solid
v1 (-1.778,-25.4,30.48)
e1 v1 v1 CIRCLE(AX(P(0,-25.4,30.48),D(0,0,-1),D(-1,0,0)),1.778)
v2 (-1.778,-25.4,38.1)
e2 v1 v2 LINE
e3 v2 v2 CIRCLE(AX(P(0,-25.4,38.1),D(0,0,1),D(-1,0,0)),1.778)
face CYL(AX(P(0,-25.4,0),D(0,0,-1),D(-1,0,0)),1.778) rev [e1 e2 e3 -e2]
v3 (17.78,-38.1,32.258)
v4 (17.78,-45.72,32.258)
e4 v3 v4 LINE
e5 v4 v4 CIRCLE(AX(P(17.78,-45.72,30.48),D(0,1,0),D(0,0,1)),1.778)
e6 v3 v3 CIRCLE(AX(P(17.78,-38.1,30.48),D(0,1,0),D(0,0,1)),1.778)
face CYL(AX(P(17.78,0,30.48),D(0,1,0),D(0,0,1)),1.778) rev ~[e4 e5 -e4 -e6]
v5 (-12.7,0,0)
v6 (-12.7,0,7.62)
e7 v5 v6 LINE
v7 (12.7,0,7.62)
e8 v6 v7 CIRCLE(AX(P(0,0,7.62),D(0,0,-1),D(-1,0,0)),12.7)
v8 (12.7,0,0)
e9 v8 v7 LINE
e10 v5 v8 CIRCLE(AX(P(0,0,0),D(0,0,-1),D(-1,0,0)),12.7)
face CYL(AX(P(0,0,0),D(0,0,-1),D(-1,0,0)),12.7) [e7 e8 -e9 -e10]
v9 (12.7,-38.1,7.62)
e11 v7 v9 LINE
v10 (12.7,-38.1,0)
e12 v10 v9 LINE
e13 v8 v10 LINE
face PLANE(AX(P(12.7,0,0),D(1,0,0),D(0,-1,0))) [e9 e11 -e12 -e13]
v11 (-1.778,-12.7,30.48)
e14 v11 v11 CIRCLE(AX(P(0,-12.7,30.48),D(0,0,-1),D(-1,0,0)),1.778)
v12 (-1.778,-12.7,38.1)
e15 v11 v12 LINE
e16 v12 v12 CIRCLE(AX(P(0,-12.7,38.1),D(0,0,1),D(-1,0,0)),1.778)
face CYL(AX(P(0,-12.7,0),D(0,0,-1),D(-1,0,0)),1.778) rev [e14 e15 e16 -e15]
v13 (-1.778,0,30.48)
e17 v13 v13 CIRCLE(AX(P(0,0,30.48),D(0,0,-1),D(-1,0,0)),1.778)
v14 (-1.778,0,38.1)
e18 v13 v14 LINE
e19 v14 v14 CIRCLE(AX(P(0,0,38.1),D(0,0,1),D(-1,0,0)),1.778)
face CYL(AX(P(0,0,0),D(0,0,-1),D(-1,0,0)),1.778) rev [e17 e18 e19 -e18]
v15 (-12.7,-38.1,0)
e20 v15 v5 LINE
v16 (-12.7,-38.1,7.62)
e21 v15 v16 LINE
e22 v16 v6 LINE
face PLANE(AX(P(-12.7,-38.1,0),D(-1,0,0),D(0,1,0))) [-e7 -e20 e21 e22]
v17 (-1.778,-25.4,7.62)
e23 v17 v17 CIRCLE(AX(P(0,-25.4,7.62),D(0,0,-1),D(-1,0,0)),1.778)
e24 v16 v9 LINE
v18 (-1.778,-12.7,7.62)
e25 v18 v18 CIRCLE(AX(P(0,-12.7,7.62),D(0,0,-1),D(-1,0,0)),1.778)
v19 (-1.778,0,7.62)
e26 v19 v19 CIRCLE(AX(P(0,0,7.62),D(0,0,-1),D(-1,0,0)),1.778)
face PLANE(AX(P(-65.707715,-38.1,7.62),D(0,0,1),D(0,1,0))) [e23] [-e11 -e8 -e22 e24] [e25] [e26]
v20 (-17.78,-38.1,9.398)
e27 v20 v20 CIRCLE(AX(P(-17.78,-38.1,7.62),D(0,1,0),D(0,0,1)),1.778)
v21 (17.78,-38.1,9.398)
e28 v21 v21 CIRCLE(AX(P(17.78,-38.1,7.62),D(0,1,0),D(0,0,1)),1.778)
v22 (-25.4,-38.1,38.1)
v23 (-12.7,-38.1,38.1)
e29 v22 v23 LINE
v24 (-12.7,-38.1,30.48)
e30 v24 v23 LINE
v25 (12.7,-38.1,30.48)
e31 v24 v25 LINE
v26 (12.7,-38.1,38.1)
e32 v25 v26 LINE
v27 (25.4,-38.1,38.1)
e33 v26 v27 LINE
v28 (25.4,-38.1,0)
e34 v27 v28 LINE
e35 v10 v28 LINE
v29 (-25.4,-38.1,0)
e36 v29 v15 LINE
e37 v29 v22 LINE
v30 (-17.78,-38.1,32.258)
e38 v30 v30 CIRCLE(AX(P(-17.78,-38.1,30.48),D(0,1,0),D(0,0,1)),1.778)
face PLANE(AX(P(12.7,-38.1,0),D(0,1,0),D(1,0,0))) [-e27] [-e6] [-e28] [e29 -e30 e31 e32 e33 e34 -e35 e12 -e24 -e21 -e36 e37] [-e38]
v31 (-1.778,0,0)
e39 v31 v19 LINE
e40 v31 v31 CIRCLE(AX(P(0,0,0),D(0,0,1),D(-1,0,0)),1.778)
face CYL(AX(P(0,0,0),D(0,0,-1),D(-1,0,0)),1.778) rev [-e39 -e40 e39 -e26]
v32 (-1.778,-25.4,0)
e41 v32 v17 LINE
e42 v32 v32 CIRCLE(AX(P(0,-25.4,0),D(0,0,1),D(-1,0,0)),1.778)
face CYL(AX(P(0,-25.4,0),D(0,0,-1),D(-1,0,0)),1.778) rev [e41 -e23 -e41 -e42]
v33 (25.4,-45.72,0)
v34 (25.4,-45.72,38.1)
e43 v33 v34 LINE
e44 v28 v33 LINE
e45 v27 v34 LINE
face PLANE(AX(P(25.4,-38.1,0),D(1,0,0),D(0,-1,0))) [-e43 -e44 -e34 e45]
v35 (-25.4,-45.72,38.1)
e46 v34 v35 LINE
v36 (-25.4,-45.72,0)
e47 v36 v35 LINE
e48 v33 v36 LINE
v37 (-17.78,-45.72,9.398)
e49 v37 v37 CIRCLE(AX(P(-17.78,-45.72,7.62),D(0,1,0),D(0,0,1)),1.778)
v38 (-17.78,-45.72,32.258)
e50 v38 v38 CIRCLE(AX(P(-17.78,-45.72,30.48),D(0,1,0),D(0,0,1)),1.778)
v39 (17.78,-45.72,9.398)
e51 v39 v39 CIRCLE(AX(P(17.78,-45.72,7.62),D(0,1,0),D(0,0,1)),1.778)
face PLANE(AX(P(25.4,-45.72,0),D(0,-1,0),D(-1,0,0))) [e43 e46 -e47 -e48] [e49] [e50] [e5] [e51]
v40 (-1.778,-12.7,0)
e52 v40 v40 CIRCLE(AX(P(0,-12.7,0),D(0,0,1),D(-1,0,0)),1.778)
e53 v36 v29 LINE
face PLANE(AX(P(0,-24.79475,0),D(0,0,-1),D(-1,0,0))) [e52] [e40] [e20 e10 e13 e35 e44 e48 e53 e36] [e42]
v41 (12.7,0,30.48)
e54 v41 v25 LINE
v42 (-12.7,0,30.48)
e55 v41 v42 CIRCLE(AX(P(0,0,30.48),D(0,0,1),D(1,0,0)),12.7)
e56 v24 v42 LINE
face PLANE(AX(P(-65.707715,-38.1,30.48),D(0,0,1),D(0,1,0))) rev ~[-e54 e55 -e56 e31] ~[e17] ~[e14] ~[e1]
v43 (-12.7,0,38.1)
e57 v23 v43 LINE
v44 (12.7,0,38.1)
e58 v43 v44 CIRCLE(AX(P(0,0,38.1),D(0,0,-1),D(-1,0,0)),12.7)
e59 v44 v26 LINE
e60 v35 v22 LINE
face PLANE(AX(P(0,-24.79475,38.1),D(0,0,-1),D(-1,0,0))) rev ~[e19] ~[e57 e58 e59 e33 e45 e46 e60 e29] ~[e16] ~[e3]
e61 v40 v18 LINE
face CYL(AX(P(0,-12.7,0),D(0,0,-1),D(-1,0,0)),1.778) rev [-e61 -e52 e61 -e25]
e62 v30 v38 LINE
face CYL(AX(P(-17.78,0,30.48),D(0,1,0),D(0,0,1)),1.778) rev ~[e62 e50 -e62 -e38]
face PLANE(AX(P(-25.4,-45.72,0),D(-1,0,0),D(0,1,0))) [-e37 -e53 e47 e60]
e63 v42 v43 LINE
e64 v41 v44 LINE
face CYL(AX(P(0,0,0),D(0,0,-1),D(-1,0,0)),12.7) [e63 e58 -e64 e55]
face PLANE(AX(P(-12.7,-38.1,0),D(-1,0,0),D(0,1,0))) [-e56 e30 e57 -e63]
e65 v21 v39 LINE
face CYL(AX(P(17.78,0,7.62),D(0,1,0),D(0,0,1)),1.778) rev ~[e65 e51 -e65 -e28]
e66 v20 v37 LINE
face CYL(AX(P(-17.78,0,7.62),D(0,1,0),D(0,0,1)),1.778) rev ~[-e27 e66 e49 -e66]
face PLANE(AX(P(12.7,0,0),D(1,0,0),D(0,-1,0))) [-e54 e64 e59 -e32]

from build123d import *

# Parameters (mm, degrees)
SKETCH3_R               = 1.778
BOSS_EXTRUDE2_DEPTH     = 38.1
CUT_EXTRUDE3_DEPTH      = 65.707715151
CUT_EXTRUDE3_DEPTH_BACK = 65.707715151
SKETCH11_W              = 22.86
SKETCH11_H              = 50.8
SKETCH8_R               = 1.778
CUT_EXTRUDE4_DEPTH      = 65.707715151


with BuildPart() as part:
    # Sketch3 → Boss-Extrude2 (new body)
    with BuildSketch(Plane.XY):
        with BuildLine():
            Line((12.7, -38.1), (25.4, -38.1))
            Line((25.4, -38.1), (25.4, -45.72))
            Line((25.4, -45.72), (-25.4, -45.72))
            Line((-25.4, -45.72), (-25.4, -38.1))
            Line((-25.4, -38.1), (-12.7, -38.1))
            Line((-12.7, -38.1), (-12.7, 0))
            ThreePointArc((-12.7, 0), (0, 12.7), (12.7, 0))
            Line((12.7, 0), (12.7, -38.1))
        make_face()
        with Locations(Location((0, 0, 0), (0, 0, 180))):
            Circle(SKETCH3_R, mode=Mode.SUBTRACT)
        with Locations(Location((0, -12.7, 0), (0, 0, 180))):
            Circle(SKETCH3_R, mode=Mode.SUBTRACT)
        with Locations(Location((0, -25.4, 0), (0, 0, 180))):
            Circle(SKETCH3_R, mode=Mode.SUBTRACT)
    extrude(amount=BOSS_EXTRUDE2_DEPTH)

    # Sketch11 → Cut-Extrude3 (cut, two sides: drawn at the far end of the back side and taken through both)
    with BuildSketch(Plane(origin=(0, 0, 0), x_dir=(0, 0, -1), z_dir=(1, 0, 0)).offset(-CUT_EXTRUDE3_DEPTH_BACK)):
        with Locations((-19.05, -12.7)):
            Rectangle(SKETCH11_W, SKETCH11_H)
    extrude(amount=CUT_EXTRUDE3_DEPTH + CUT_EXTRUDE3_DEPTH_BACK, mode=Mode.SUBTRACT)

    # Sketch8 → Cut-Extrude4 (cut, through all)
    with BuildSketch(Plane(origin=(0, 0, 0), x_dir=(1, 0, 0), z_dir=(0, 1, 0))):
        with Locations(Location((-17.78, -7.62, 0), (0, 0, 270))):
            Circle(SKETCH8_R)
        with Locations(Location((17.78, -7.62, 0), (0, 0, 270))):
            Circle(SKETCH8_R)
        with Locations(Location((17.78, -30.48, 0), (0, 0, 270))):
            Circle(SKETCH8_R)
        with Locations(Location((-17.78, -30.48, 0), (0, 0, 270))):
            Circle(SKETCH8_R)
    extrude(amount=-CUT_EXTRUDE4_DEPTH, mode=Mode.SUBTRACT)


solid = part.part
